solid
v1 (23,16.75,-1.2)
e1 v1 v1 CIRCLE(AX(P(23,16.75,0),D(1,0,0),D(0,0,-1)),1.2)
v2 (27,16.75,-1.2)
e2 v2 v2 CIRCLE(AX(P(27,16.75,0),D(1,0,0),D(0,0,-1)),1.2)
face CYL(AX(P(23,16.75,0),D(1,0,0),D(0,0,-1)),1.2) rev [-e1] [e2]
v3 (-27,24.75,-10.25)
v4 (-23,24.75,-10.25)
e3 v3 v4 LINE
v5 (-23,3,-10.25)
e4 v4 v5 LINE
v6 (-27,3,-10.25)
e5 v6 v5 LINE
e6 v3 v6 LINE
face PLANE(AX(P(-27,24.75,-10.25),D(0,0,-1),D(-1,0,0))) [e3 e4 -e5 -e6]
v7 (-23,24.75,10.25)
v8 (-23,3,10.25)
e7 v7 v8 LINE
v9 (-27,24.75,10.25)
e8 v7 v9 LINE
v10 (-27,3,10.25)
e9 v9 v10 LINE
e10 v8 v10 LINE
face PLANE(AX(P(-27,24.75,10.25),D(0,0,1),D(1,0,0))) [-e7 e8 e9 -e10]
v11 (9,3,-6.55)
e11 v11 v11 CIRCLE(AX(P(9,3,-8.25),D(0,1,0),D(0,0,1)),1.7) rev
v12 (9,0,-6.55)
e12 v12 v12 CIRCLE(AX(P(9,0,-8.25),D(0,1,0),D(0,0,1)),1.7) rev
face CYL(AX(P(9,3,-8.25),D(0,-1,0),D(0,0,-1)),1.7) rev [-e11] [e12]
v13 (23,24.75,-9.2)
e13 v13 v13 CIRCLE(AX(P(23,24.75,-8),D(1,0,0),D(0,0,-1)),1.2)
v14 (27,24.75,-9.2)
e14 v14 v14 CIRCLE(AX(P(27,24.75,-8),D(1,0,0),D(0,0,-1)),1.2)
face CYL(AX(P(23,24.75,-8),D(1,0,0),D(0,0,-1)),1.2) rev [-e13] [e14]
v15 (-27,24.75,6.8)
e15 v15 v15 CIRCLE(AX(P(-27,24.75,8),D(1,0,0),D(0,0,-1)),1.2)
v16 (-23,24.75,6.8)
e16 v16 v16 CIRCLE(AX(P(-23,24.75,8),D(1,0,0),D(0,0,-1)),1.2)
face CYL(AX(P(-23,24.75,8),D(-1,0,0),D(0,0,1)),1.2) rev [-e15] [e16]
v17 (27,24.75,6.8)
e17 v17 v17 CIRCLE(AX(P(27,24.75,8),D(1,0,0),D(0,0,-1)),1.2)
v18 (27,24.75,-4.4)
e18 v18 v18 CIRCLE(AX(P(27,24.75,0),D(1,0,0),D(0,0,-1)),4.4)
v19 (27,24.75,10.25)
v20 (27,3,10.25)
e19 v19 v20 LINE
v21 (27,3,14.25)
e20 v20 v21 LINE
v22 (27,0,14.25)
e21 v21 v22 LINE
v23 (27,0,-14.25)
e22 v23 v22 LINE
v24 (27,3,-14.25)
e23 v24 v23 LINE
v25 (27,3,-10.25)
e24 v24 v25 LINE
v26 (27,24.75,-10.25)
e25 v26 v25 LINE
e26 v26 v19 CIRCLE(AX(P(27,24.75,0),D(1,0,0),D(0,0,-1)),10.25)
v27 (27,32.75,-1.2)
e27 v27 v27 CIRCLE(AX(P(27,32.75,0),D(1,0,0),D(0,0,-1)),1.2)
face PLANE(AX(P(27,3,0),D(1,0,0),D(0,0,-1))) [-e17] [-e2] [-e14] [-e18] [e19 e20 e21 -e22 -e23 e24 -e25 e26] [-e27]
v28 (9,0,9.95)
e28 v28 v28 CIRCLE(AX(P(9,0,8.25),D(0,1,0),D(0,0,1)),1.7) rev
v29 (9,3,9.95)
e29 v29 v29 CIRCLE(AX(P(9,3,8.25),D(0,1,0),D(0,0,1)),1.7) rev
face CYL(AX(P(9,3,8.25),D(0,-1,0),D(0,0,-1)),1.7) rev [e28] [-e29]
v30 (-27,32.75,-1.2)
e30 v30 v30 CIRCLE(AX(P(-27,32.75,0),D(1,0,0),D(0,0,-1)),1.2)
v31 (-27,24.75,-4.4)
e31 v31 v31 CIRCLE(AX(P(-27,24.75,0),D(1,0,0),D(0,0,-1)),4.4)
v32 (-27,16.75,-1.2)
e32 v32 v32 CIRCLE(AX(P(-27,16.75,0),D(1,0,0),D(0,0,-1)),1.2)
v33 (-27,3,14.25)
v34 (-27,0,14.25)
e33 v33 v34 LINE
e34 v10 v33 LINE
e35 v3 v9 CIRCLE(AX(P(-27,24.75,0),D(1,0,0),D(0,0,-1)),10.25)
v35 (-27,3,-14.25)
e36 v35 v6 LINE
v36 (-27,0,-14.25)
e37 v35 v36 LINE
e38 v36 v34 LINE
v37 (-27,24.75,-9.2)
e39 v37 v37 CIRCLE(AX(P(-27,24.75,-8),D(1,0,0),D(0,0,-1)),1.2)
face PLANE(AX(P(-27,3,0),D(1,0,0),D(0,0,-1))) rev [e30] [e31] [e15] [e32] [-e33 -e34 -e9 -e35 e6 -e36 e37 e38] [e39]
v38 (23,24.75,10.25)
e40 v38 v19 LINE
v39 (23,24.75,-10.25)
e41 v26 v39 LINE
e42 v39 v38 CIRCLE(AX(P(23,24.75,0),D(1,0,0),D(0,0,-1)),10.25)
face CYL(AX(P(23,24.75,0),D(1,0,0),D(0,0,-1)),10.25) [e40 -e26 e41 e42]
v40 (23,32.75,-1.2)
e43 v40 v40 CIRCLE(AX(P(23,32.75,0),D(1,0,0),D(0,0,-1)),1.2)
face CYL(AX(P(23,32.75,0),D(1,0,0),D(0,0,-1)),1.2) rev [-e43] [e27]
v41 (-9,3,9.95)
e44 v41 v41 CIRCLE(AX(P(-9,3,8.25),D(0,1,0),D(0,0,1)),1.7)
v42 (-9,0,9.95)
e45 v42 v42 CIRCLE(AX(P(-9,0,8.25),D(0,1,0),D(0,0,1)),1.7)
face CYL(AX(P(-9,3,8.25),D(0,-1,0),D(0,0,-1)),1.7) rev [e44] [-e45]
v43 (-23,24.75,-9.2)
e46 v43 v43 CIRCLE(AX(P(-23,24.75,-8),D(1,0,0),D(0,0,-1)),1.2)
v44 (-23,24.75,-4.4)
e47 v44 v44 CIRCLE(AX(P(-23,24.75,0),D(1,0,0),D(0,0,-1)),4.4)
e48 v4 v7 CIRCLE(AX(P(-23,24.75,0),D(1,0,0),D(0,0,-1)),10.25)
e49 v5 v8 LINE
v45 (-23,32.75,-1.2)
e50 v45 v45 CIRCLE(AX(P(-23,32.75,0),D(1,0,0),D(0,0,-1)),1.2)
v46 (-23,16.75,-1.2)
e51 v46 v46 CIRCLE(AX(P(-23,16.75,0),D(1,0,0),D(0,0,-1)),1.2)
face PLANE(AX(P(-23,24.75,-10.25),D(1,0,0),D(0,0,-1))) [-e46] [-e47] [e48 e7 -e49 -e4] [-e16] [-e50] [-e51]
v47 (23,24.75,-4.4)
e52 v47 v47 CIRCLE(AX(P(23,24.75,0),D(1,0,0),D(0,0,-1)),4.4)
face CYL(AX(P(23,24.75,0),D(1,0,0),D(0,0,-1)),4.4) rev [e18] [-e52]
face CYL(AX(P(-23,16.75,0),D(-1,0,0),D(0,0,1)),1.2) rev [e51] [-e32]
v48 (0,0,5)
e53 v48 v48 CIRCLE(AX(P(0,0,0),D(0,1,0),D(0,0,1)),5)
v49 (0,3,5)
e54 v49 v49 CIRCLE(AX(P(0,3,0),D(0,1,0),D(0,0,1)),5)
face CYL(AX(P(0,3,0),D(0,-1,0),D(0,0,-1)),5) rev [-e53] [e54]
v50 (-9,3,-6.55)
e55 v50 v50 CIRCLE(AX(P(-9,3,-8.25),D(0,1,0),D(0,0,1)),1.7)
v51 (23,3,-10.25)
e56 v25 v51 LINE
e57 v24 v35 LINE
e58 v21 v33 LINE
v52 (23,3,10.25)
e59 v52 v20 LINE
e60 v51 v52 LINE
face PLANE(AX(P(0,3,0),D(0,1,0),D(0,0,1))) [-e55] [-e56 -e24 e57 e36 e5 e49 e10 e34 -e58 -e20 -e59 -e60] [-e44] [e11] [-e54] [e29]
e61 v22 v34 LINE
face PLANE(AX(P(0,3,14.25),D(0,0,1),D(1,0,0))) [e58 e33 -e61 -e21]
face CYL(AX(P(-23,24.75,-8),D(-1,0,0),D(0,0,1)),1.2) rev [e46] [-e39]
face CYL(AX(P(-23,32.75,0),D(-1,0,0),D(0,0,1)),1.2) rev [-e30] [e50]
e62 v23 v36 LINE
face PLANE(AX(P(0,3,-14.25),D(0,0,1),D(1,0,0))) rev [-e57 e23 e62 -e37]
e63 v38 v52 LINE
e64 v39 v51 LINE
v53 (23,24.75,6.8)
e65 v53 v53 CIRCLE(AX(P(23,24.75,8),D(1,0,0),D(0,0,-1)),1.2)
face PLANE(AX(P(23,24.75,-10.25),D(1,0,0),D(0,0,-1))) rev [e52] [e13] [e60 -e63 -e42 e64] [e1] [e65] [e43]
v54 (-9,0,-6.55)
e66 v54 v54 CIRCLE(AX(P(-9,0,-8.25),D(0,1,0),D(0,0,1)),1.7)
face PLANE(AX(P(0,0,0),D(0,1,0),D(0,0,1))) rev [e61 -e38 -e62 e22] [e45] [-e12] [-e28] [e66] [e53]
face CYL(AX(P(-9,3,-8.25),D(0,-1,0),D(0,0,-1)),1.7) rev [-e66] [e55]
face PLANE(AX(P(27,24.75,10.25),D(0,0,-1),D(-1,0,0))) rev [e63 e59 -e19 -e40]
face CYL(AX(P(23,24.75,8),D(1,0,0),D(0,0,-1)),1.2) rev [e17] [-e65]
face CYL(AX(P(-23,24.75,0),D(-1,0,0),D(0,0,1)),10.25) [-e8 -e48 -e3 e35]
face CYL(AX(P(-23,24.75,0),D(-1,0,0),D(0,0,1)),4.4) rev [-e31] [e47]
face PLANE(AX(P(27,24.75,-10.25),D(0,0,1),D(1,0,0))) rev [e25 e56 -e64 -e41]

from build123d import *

# Parameters (mm, degrees)
SKETCH1_W           = 36
SKETCH1_H           = 28.5
SKETCH1_R           = 1.7
SKETCH1_R_2         = 5
SKETCH1_W_2         = 9
BOSS_EXTRUDE2_DEPTH = 3
SKETCH2_W           = 4
SKETCH2_H           = 20.5
BOSS_EXTRUDE3_DEPTH = 21.75
SKETCH4_R           = 10.25
BOSS_EXTRUDE4_DEPTH = 4
SKETCH6_R           = 4.4
SKETCH6_R_2         = 1.2
CUT_EXTRUDE3_DEPTH  = 4


with BuildPart() as part:
    # Sketch1 → Boss-Extrude2 (new body)
    # profile 1 of 3: a face of its own
    with BuildSketch(Plane(origin=(0, 0, 0), x_dir=(1, 0, 0), z_dir=(0, 1, 0))):
        Rectangle(SKETCH1_W, SKETCH1_H)
        with Locations(Location((-9, -8.25, 0), (0, 0, 270))):
            Circle(SKETCH1_R, mode=Mode.SUBTRACT)
        with Locations(Location((9, -8.25, 0), (0, 0, 270))):
            Circle(SKETCH1_R, mode=Mode.SUBTRACT)
        with Locations(Location((-9, 8.25, 0), (0, 0, 270))):
            Circle(SKETCH1_R, mode=Mode.SUBTRACT)
        with Locations(Location((0, 0, 0), (0, 0, 270))):
            Circle(SKETCH1_R_2, mode=Mode.SUBTRACT)
        with Locations(Location((9, 8.25, 0), (0, 0, 270))):
            Circle(SKETCH1_R, mode=Mode.SUBTRACT)
    # profile 2 of 3: a face of its own
    with BuildSketch(Plane(origin=(0, 0, 0), x_dir=(1, 0, 0), z_dir=(0, 1, 0))):
        with Locations((-22.5, 0)):
            Rectangle(SKETCH1_W_2, SKETCH1_H)
    # profile 3 of 3: a face of its own
    with BuildSketch(Plane(origin=(0, 0, 0), x_dir=(1, 0, 0), z_dir=(0, 1, 0))):
        with Locations((22.5, 0)):
            Rectangle(SKETCH1_W_2, SKETCH1_H)
    extrude(amount=BOSS_EXTRUDE2_DEPTH)

    # Sketch2 → Boss-Extrude3 (add)
    with BuildSketch(Plane(origin=(0, 3, 0), x_dir=(1, 0, 0), z_dir=(0, 1, 0))):
        with Locations((25, 0)):
            Rectangle(SKETCH2_W, SKETCH2_H)
    boss_extrude3 = extrude(amount=BOSS_EXTRUDE3_DEPTH)

    # Sketch4 → Boss-Extrude4 (add)
    with BuildSketch(Plane(origin=(27, 0, 0), x_dir=(0, 0, -1), z_dir=(1, 0, 0))):
        with Locations((0, 24.75)):
            Circle(SKETCH4_R)
    boss_extrude4 = extrude(amount=-BOSS_EXTRUDE4_DEPTH)

    # Mirror1: Boss-Extrude3, Boss-Extrude4 across plane
    add(boss_extrude3.mirror(Plane(origin=(0, 0, 0), x_dir=(0, 0, 1), z_dir=(1, 0, 0))))
    add(boss_extrude4.mirror(Plane(origin=(0, 0, 0), x_dir=(0, 0, 1), z_dir=(1, 0, 0))))

    # Sketch6 → Cut-Extrude3 (cut)
    with BuildSketch(Plane(origin=(27, 0, 0), x_dir=(0, 0, -1), z_dir=(1, 0, 0))):
        with Locations((0, 24.75)):
            Circle(SKETCH6_R)
        with Locations((0, 32.75)):
            Circle(SKETCH6_R_2)
        with Locations((8, 24.75)):
            Circle(SKETCH6_R_2)
        with Locations((0, 16.75)):
            Circle(SKETCH6_R_2)
        with Locations((-8, 24.75)):
            Circle(SKETCH6_R_2)
    cut_extrude3 = extrude(amount=-CUT_EXTRUDE3_DEPTH, mode=Mode.SUBTRACT)

    # Mirror3: Cut-Extrude3 across plane
    add(cut_extrude3.mirror(Plane(origin=(0, 0, 0), x_dir=(0, 0, 1), z_dir=(1, 0, 0))), mode=Mode.SUBTRACT)


solid = part.part
